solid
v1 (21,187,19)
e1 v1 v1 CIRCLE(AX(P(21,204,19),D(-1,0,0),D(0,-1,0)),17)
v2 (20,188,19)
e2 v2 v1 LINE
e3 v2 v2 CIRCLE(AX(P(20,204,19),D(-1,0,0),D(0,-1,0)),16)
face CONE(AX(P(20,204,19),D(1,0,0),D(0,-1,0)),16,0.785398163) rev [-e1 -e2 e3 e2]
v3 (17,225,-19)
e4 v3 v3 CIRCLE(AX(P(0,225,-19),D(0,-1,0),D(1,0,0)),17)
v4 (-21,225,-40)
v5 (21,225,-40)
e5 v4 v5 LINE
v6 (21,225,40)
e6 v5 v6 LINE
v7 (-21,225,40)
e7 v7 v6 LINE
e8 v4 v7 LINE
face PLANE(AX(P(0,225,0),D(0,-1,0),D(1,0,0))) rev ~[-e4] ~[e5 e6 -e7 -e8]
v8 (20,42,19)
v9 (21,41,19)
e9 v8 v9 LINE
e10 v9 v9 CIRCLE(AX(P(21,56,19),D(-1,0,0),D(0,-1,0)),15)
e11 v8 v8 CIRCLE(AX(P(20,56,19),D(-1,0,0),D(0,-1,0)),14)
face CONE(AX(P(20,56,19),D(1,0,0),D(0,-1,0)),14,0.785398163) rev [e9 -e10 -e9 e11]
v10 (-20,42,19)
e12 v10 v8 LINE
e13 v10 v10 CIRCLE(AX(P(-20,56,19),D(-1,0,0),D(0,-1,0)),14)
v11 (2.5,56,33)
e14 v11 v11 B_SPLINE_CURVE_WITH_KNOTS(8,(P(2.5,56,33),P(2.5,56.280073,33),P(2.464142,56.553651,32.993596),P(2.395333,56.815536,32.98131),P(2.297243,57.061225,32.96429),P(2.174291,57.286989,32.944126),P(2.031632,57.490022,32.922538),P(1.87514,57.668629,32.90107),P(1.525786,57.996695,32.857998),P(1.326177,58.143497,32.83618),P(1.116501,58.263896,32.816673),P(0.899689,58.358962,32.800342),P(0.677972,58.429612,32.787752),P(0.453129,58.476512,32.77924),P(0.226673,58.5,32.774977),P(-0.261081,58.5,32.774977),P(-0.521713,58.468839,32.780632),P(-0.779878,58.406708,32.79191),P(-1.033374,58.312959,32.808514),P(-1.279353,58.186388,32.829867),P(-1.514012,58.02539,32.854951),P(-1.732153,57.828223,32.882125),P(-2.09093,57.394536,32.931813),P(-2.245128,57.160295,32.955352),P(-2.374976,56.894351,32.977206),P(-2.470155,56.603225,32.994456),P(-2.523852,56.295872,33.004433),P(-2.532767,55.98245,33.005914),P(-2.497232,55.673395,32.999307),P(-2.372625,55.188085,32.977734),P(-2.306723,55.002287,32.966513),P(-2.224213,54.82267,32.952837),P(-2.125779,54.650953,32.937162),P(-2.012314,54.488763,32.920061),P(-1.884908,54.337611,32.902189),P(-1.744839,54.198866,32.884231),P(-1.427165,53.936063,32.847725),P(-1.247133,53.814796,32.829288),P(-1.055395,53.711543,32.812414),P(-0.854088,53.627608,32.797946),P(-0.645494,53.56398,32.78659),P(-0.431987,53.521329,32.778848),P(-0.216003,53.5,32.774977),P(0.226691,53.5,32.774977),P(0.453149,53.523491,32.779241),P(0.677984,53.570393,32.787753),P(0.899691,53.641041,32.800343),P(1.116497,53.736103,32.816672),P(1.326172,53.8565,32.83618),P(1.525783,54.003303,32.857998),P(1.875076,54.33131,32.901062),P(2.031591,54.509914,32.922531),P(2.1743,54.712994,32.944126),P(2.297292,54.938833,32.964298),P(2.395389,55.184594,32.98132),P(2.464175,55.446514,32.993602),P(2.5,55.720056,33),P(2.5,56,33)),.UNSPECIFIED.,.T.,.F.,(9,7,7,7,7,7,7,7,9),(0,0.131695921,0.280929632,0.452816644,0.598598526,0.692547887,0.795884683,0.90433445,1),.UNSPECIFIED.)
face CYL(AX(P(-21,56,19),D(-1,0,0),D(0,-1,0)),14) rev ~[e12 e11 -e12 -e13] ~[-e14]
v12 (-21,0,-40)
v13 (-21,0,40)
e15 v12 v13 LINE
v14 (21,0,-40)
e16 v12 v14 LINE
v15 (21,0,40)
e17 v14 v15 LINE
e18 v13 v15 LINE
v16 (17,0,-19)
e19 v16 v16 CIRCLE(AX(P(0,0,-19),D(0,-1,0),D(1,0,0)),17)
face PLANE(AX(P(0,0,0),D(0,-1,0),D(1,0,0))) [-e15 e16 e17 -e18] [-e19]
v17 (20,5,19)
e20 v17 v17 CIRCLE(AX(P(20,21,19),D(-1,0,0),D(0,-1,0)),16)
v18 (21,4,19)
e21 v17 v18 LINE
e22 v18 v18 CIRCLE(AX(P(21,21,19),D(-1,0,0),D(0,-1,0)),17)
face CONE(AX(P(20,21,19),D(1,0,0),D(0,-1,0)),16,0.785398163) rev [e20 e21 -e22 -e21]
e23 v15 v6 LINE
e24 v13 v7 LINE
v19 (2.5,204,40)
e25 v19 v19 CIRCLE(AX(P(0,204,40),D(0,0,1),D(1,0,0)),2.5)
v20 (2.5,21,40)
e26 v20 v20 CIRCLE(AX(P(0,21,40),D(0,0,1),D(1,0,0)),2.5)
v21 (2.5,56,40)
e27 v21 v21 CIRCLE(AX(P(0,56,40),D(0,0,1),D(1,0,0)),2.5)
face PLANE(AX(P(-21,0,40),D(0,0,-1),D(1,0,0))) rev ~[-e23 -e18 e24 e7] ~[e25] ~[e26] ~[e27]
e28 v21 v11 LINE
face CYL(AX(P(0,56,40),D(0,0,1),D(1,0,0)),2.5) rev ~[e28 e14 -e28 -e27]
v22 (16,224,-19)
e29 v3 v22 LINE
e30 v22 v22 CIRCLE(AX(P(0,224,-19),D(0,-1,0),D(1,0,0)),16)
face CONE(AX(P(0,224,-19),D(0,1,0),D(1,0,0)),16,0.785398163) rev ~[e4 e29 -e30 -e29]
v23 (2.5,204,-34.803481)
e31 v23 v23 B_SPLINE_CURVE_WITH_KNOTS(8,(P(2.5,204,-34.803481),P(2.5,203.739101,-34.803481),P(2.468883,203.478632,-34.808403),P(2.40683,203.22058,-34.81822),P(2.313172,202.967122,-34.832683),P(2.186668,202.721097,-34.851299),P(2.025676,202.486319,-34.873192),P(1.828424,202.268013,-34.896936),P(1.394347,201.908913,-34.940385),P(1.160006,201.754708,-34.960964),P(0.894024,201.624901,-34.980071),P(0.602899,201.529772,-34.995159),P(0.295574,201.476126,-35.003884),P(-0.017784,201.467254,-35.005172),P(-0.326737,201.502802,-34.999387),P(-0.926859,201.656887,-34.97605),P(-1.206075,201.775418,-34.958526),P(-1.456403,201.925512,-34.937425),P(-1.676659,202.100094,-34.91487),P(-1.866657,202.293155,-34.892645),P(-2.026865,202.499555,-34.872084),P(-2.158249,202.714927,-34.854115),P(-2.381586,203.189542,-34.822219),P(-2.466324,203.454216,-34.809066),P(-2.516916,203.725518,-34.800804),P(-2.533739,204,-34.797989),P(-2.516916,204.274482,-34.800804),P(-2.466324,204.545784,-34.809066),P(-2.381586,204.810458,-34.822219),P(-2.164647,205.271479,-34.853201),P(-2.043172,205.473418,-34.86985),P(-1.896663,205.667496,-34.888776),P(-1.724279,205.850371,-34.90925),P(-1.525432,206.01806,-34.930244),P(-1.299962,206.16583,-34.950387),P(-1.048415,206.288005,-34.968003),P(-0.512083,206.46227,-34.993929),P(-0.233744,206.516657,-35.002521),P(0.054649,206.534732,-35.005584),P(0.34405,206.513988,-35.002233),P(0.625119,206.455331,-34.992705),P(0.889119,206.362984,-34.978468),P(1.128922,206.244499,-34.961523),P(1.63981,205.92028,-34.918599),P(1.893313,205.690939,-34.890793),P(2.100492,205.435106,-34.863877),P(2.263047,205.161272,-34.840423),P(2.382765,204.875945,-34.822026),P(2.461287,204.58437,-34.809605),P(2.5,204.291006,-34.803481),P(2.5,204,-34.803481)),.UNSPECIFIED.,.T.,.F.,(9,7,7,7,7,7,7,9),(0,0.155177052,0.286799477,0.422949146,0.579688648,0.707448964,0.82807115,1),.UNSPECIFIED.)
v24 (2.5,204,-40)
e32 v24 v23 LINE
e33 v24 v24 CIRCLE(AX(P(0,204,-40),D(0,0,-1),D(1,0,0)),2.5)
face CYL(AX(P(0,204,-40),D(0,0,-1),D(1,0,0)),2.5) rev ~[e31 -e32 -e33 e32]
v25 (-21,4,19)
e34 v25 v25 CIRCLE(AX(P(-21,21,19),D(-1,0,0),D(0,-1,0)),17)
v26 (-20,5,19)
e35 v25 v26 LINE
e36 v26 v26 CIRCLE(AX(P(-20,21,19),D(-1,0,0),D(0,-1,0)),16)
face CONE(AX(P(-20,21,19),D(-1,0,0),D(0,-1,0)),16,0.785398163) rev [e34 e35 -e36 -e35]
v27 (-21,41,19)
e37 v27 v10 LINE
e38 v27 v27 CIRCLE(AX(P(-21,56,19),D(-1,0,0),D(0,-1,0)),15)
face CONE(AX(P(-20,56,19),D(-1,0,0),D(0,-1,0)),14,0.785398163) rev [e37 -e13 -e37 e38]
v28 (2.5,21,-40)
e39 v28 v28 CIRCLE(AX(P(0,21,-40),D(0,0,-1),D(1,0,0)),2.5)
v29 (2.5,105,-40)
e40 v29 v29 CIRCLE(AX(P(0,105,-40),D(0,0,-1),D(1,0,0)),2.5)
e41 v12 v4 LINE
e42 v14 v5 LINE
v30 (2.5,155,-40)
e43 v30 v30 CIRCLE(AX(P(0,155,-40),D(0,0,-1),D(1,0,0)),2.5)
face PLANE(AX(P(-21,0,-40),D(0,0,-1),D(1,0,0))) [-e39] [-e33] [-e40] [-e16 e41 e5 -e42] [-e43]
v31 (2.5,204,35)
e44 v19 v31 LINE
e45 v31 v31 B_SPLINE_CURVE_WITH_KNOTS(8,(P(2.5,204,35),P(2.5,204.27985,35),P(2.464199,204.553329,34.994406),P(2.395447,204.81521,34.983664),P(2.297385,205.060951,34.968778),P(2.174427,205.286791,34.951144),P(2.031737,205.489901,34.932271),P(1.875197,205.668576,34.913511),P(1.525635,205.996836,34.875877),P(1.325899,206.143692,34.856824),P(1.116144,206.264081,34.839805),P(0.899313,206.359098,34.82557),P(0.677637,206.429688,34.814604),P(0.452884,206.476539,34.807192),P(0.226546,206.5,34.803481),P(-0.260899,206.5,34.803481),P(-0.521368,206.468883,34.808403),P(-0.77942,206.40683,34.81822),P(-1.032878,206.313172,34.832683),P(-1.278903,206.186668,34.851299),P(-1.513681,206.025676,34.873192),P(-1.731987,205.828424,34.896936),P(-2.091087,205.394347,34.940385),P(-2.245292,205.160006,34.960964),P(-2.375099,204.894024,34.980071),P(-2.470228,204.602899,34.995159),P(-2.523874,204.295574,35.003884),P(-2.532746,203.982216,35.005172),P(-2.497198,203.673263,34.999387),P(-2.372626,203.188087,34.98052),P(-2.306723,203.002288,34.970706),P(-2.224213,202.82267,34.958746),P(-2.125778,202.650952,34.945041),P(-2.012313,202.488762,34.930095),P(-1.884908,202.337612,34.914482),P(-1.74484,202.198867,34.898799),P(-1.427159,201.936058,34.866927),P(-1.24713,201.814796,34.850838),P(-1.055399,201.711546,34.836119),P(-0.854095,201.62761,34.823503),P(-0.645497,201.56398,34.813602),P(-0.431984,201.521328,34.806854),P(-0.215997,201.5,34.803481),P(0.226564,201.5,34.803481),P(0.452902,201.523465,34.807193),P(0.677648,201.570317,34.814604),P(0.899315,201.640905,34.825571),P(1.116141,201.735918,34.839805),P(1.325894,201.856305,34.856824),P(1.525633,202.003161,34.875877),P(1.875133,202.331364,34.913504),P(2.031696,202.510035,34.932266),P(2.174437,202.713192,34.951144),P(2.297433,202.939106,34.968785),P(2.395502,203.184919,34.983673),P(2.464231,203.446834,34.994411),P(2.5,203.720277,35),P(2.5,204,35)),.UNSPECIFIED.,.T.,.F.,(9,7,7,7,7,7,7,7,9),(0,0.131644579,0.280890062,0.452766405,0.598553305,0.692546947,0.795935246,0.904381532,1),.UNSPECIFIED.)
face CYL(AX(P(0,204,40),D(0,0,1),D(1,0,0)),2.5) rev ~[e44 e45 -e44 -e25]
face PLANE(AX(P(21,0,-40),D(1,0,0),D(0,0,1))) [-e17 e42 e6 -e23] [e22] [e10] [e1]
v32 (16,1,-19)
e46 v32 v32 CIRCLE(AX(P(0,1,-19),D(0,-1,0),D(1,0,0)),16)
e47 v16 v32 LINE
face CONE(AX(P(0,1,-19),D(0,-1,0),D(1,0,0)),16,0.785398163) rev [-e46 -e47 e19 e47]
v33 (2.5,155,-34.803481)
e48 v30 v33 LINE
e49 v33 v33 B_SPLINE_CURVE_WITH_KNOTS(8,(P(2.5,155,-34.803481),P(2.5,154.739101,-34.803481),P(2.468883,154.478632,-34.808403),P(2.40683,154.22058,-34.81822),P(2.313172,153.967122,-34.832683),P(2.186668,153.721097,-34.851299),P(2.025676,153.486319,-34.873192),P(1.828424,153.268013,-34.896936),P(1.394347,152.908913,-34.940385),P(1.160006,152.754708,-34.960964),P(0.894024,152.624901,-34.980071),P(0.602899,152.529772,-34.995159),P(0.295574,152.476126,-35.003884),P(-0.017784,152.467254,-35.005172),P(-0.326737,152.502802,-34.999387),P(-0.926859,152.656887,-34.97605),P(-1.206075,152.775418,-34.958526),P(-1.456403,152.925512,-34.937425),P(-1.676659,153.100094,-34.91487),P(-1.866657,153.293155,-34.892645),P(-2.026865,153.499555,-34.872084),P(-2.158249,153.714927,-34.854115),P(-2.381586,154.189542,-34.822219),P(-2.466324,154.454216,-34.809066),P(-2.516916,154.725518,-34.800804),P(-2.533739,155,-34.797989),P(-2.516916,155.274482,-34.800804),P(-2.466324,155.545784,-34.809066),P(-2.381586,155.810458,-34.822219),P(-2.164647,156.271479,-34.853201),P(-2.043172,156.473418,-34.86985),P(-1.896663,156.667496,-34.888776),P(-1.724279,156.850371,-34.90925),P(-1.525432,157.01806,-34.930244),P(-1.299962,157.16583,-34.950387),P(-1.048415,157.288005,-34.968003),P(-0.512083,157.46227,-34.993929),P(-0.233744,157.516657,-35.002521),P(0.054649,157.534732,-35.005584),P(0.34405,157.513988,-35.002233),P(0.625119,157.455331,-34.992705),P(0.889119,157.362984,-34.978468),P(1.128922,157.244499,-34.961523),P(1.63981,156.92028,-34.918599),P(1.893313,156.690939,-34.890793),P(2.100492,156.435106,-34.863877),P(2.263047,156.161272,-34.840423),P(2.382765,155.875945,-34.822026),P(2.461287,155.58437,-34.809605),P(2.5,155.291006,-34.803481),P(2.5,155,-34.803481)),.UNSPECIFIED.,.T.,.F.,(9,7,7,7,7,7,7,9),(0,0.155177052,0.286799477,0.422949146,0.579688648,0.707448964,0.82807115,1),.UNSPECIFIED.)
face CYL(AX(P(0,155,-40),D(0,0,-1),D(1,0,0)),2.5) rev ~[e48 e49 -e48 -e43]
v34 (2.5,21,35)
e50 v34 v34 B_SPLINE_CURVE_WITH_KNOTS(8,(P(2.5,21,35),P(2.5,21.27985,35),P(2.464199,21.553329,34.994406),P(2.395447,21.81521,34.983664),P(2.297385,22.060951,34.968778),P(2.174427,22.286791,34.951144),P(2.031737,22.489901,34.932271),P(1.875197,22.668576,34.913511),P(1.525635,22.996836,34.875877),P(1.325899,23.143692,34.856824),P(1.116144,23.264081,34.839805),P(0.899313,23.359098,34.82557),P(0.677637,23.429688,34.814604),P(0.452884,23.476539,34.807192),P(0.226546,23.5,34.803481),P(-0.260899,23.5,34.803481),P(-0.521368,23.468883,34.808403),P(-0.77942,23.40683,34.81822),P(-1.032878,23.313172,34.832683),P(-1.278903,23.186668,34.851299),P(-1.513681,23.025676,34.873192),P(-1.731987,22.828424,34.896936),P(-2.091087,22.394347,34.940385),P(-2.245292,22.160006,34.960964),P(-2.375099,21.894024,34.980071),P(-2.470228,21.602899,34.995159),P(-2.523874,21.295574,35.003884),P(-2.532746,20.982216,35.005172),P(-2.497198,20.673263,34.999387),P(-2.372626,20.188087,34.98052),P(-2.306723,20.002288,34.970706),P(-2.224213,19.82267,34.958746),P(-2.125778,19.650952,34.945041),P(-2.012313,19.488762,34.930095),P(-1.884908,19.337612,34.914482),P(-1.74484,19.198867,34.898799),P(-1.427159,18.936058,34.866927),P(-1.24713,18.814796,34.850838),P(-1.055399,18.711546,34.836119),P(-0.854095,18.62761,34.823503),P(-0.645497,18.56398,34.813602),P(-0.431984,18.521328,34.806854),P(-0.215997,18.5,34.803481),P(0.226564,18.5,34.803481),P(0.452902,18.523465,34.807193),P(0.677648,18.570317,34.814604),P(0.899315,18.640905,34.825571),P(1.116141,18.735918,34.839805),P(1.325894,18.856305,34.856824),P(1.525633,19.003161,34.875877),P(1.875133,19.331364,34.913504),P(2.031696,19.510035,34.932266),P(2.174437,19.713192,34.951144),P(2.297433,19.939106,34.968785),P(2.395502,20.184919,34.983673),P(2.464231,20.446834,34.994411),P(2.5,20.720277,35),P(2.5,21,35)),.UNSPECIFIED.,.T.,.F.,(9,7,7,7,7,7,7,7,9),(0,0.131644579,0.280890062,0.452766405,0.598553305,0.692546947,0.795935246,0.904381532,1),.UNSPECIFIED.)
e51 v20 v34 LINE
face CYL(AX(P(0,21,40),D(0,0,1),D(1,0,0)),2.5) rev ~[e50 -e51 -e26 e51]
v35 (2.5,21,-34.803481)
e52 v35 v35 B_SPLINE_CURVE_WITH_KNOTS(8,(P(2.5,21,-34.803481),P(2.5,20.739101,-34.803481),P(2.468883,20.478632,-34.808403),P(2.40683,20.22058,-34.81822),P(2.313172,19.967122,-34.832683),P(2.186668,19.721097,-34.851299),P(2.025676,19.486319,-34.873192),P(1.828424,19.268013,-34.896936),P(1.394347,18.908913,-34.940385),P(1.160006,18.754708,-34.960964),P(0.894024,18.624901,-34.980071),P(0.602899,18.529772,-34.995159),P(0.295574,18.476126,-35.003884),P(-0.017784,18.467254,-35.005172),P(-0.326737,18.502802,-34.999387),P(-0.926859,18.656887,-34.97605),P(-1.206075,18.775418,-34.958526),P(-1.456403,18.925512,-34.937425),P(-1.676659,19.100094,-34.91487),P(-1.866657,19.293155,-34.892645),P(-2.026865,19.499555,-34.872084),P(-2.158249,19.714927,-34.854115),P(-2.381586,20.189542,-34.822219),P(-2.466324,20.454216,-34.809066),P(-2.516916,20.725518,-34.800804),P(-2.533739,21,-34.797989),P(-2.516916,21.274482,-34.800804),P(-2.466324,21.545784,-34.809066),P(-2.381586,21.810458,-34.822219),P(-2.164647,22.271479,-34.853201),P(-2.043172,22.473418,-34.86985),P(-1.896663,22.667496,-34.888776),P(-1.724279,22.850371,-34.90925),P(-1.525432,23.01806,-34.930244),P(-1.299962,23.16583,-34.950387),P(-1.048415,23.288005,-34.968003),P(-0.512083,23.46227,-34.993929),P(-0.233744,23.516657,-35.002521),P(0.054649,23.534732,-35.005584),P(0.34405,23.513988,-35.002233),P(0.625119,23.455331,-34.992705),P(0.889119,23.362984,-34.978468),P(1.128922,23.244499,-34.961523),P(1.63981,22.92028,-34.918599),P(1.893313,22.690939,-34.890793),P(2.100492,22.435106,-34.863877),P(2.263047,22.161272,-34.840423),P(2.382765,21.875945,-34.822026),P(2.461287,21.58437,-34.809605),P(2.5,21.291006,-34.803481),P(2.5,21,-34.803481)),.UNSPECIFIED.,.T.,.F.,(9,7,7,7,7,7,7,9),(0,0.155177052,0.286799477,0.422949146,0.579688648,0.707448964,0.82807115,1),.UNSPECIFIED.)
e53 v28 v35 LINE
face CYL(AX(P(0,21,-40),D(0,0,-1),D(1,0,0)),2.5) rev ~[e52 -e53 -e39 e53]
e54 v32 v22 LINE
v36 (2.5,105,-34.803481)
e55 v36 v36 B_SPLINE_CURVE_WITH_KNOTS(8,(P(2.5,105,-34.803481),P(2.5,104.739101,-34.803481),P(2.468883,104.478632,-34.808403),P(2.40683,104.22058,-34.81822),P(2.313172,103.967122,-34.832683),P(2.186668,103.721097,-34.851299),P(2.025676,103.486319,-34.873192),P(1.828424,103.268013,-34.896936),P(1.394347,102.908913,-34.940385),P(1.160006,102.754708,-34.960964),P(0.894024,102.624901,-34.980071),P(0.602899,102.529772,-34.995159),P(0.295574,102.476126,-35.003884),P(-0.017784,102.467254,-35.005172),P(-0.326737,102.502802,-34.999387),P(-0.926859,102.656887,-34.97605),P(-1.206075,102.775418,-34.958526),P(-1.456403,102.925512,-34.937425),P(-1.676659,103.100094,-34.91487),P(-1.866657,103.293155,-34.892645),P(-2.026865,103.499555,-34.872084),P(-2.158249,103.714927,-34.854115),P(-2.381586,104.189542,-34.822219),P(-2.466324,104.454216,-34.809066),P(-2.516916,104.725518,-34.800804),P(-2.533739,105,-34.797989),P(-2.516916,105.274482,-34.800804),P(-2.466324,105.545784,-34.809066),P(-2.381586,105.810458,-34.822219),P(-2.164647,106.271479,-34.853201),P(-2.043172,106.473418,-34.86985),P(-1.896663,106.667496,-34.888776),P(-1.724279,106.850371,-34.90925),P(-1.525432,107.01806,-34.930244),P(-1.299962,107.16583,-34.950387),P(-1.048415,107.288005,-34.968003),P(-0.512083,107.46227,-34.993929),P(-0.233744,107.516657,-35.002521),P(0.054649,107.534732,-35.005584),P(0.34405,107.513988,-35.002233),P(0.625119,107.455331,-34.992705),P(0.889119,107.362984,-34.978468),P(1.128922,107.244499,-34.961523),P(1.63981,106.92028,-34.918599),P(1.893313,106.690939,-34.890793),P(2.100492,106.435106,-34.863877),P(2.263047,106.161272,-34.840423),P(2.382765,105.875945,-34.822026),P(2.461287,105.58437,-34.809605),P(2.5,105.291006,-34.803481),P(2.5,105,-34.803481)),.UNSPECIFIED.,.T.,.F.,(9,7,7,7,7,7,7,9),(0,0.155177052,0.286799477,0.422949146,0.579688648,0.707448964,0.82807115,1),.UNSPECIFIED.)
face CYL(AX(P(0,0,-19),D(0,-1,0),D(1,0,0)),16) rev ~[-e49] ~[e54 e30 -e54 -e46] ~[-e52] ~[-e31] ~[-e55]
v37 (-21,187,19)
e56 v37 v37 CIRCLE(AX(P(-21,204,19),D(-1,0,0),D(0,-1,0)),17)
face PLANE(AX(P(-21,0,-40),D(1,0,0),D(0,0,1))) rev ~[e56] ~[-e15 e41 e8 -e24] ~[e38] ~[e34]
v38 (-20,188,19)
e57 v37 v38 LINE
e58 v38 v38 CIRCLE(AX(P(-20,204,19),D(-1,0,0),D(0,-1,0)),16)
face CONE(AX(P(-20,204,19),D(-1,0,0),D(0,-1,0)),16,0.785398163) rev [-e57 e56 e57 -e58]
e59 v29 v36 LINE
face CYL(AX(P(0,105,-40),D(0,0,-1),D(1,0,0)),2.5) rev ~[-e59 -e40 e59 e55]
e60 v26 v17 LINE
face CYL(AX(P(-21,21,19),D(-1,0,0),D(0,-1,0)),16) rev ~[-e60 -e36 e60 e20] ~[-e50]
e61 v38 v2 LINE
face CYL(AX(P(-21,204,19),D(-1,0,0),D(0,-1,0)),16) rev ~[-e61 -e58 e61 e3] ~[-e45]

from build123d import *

# Parameters (mm, degrees)
F0_W     = 42
F0_H     = 80
F0_R     = 16
F1_DEPTH = 225
F2_R     = 16
F2_R_2   = 14
F3_DEPTH = 100
F4_R     = 2.5
F5_DEPTH = 25
F6_R     = 2.5
F7_DEPTH = 25
F8_SIZE  = 1


with BuildPart() as f1:
    # F0 (on Front) → F1 (new body)
    with BuildSketch(Plane.XZ):
        Rectangle(F0_W, F0_H)
        with Locations((0, -19)):
            Circle(F0_R, mode=Mode.SUBTRACT)
    extrude(amount=-F1_DEPTH)

    # F2 (on face) → F3 (cut)
    with BuildSketch(Plane(origin=(-21, 0, 0), x_dir=(0, -1, 0), z_dir=(-1, 0, 0))):
        with Locations((-204, 19)):
            Circle(F2_R)
        with Locations((-56, 19)):
            Circle(F2_R_2)
        with Locations((-21, 19)):
            Circle(F2_R)
    extrude(amount=-F3_DEPTH, mode=Mode.SUBTRACT)

    # F4 (on face) → F5 (cut)
    with BuildSketch(Plane.XY.offset(40)):
        with Locations((0, 21)):
            Circle(F4_R)
        with Locations((0, 56)):
            Circle(F4_R)
        with Locations((0, 204)):
            Circle(F4_R)
    extrude(amount=-F5_DEPTH, mode=Mode.SUBTRACT)

    # F6 (on face) → F7 (cut)
    with BuildSketch(Plane(origin=(0, 0, -40), x_dir=(1, 0, 0), z_dir=(0, 0, -1))):
        with Locations((0, -21)):
            Circle(F6_R)
        with Locations((0, -204)):
            Circle(F6_R)
        with Locations((0, -105)):
            Circle(F6_R)
        with Locations((0, -155)):
            Circle(F6_R)
    extrude(amount=-F7_DEPTH, mode=Mode.SUBTRACT)

    # F8
    f8_edges = [f1.edges().sort_by_distance(p)[0] for p in [
        (-21, 70, 19),
        (-21, 37, 19),
        (-16, 0, -19),
        (-21, 220, 19),
        (21, 37, 19),
        (21, 70, 19),
        (21, 220, 19),
        (-16, 225, -19),
    ]]
    chamfer(f8_edges, length=F8_SIZE)


solid = f1.part
